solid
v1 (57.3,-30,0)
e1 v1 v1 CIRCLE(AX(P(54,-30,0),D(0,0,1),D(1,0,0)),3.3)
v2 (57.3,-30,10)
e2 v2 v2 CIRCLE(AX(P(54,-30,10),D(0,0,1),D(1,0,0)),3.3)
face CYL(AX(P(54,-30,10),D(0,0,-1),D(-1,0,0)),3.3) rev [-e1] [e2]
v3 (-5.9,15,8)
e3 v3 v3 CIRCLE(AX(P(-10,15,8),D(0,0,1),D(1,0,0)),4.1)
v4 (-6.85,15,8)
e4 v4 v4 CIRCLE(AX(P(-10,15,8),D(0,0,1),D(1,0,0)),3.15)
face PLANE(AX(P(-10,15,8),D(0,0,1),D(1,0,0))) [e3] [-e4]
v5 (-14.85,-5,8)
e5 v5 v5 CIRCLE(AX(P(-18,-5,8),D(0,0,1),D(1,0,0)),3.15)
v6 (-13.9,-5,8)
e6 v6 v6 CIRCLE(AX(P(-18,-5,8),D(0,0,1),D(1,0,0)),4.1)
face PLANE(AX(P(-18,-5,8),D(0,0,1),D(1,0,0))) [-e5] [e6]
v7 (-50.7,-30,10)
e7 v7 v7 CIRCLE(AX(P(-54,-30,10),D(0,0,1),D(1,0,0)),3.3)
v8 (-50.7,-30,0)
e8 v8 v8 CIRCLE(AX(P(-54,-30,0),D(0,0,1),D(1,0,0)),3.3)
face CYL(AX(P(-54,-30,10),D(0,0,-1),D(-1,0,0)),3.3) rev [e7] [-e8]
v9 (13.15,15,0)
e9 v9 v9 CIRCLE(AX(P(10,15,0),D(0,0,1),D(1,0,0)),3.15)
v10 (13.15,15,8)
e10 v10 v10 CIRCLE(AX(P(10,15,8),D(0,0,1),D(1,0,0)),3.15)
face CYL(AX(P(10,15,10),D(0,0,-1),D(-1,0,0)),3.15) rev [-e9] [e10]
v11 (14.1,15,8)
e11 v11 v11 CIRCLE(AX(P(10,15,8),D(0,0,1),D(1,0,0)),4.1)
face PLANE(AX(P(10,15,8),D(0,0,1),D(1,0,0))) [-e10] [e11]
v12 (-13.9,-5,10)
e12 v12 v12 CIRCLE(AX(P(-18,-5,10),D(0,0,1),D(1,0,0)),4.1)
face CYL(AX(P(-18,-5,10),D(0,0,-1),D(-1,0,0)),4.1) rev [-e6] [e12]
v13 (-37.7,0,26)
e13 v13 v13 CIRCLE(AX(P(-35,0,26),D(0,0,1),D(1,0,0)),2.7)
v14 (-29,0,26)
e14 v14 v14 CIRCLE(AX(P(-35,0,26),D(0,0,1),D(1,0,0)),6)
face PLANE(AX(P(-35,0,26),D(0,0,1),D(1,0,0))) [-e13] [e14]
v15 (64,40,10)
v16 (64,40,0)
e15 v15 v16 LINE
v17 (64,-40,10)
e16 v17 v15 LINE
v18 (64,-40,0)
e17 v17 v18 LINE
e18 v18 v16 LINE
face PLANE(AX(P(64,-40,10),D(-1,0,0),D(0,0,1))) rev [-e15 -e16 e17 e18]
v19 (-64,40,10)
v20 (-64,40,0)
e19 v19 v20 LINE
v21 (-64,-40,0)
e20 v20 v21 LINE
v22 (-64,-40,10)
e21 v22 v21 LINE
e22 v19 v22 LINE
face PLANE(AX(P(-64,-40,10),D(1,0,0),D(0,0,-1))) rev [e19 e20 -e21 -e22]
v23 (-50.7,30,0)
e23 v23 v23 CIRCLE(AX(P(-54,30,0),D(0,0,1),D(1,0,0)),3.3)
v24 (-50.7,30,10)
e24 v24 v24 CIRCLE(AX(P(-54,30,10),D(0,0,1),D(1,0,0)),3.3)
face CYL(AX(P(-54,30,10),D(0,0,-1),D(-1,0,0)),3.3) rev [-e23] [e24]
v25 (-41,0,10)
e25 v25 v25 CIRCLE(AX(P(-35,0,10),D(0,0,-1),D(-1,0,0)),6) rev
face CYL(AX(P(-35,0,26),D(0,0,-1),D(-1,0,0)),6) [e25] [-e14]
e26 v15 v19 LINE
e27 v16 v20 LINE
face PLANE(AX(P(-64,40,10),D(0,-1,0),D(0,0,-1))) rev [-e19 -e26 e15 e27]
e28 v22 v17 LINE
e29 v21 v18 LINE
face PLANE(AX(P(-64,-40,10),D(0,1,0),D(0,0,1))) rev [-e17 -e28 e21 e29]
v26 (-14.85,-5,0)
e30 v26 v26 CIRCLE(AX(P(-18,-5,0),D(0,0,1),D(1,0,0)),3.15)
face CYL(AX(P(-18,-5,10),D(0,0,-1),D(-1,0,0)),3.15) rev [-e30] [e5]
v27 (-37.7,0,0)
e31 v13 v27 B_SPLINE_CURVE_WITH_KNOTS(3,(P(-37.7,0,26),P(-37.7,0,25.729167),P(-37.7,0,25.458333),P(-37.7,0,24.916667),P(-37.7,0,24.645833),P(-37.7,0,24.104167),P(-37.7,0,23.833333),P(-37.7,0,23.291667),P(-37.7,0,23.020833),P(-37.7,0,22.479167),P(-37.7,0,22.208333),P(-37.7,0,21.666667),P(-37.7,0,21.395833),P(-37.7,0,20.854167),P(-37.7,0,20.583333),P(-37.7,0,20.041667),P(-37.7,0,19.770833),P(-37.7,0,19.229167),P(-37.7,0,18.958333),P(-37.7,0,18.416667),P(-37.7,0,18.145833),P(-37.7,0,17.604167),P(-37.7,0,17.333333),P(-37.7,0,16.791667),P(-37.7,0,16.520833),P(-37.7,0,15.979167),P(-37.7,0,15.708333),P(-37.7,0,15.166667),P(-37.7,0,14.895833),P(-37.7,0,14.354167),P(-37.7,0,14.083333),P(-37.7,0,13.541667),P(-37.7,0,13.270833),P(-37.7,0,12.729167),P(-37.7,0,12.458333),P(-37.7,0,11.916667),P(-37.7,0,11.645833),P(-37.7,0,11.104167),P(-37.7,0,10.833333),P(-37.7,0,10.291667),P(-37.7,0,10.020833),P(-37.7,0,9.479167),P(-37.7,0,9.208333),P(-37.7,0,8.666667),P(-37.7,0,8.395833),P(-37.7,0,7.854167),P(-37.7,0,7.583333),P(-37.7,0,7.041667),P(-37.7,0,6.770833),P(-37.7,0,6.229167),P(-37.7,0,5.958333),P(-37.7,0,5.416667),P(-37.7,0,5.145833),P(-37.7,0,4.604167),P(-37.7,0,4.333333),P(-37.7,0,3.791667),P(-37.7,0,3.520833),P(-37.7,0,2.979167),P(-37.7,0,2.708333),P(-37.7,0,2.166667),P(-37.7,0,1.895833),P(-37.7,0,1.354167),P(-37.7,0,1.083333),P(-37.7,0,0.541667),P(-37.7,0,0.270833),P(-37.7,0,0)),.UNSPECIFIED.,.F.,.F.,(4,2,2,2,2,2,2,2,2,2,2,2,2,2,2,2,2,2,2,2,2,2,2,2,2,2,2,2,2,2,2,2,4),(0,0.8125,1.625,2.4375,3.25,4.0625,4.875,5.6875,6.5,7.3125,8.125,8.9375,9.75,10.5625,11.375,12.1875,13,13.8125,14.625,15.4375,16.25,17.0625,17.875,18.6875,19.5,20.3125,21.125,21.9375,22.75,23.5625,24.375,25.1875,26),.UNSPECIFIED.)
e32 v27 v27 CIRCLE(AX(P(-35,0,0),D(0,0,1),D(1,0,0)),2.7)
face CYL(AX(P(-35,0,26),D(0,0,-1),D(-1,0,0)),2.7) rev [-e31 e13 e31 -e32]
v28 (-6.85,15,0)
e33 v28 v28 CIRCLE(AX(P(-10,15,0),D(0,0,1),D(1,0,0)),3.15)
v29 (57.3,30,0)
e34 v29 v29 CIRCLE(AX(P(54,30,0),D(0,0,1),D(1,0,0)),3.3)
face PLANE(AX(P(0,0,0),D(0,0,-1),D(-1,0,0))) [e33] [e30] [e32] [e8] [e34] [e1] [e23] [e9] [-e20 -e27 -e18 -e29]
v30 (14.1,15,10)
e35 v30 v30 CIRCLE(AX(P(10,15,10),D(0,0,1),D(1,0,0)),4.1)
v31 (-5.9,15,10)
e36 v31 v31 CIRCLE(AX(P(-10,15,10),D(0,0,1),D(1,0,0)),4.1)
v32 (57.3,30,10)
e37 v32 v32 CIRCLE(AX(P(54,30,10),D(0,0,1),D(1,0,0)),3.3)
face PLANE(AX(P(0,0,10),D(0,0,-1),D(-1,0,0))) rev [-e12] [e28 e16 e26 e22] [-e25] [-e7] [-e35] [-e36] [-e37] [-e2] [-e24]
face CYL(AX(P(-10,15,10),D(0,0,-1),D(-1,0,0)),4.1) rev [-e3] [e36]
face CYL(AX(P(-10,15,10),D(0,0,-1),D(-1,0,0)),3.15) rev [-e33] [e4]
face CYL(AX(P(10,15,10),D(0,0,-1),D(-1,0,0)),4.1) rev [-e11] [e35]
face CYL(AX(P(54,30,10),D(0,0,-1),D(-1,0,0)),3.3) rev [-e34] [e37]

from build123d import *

# Parameters (mm, degrees)
SKETCH2_W                          = 128
SKETCH2_H                          = 80
BASE_PLATE_DEPTH                   = 10
PIVOT_PEDESTAL_START               = 10
SKETCH3_R                          = 6
PIVOT_PEDESTAL_DEPTH               = 16
SKETCH4_R                          = 2.7
PIVOT_CLEARANCE_DEPTH              = 26
SKETCH5_R                          = 3.15
LOCATOR_CLEARANCE_DEPTH            = 10
SKETCH6_R                          = 3.15
CUT_EXTRUDE3_DEPTH                 = 10
SKETCH7_R                          = 3.15
SIDE_LOCATOR_CLEARANCE_DEPTH       = 10
LOCATOR_SHOULDER_COUNTERBORE_START = 8
SKETCH8_R                          = 4.1
LOCATOR_SHOULDER_COUNTERBORE_DEPTH = 2
CUT_EXTRUDE6_START                 = 8
SKETCH9_R                          = 4.1
CUT_EXTRUDE6_DEPTH                 = 2
SIDE_SHOULDER_COUNTERBORE_START    = 8
SKETCH10_R                         = 4.1
SIDE_SHOULDER_COUNTERBORE_DEPTH    = 2
SKETCH11_R                         = 3.3
BENCH_MOUNT_M6_CLEARANCE_DEPTH     = 10
SKETCH12_R                         = 3.3
CUT_EXTRUDE9_DEPTH                 = 10
SKETCH13_R                         = 3.3
CUT_EXTRUDE10_DEPTH                = 10
SKETCH14_R                         = 3.3
CUT_EXTRUDE11_DEPTH                = 10


with BuildPart() as part:
    # Sketch2 → Base_plate (new body)
    with BuildSketch(Plane.XY):
        Rectangle(SKETCH2_W, SKETCH2_H)
    extrude(amount=BASE_PLATE_DEPTH)

    # Sketch3 → Pivot_pedestal (add)
    with BuildSketch(Plane.XY.offset(PIVOT_PEDESTAL_START)):
        with Locations(Location((-35, 0, 0), (0, 0, 180))):
            Circle(SKETCH3_R)
    extrude(amount=PIVOT_PEDESTAL_DEPTH)

    # Sketch4 → Pivot_clearance (cut)
    with BuildSketch(Plane.XY):
        with Locations(Location((-35, 0, 0), (0, 0, 180))):
            Circle(SKETCH4_R)
    extrude(amount=PIVOT_CLEARANCE_DEPTH, mode=Mode.SUBTRACT)

    # Sketch5 → Locator_clearance (cut)
    with BuildSketch(Plane.XY):
        with Locations((-10, 15)):
            Circle(SKETCH5_R)
    extrude(amount=LOCATOR_CLEARANCE_DEPTH, mode=Mode.SUBTRACT)

    # Sketch6 → Cut-Extrude3 (cut)
    with BuildSketch(Plane.XY):
        with Locations((10, 15)):
            Circle(SKETCH6_R)
    extrude(amount=CUT_EXTRUDE3_DEPTH, mode=Mode.SUBTRACT)

    # Sketch7 → Side_locator_clearance (cut)
    with BuildSketch(Plane.XY):
        with Locations((-18, -5)):
            Circle(SKETCH7_R)
    extrude(amount=SIDE_LOCATOR_CLEARANCE_DEPTH, mode=Mode.SUBTRACT)

    # Sketch8 → Locator_shoulder_counterbore (cut)
    with BuildSketch(Plane.XY.offset(LOCATOR_SHOULDER_COUNTERBORE_START)):
        with Locations((-10, 15)):
            Circle(SKETCH8_R)
    extrude(amount=LOCATOR_SHOULDER_COUNTERBORE_DEPTH, mode=Mode.SUBTRACT)

    # Sketch9 → Cut-Extrude6 (cut)
    with BuildSketch(Plane.XY.offset(CUT_EXTRUDE6_START)):
        with Locations((10, 15)):
            Circle(SKETCH9_R)
    extrude(amount=CUT_EXTRUDE6_DEPTH, mode=Mode.SUBTRACT)

    # Sketch10 → Side_shoulder_counterbore (cut)
    with BuildSketch(Plane.XY.offset(SIDE_SHOULDER_COUNTERBORE_START)):
        with Locations((-18, -5)):
            Circle(SKETCH10_R)
    extrude(amount=SIDE_SHOULDER_COUNTERBORE_DEPTH, mode=Mode.SUBTRACT)

    # Sketch11 → Bench_mount_M6_clearance (cut)
    with BuildSketch(Plane.XY):
        with Locations((-54, -30)):
            Circle(SKETCH11_R)
    extrude(amount=BENCH_MOUNT_M6_CLEARANCE_DEPTH, mode=Mode.SUBTRACT)

    # Sketch12 → Cut-Extrude9 (cut)
    with BuildSketch(Plane.XY):
        with Locations((-54, 30)):
            Circle(SKETCH12_R)
    extrude(amount=CUT_EXTRUDE9_DEPTH, mode=Mode.SUBTRACT)

    # Sketch13 → Cut-Extrude10 (cut)
    with BuildSketch(Plane.XY):
        with Locations((54, -30)):
            Circle(SKETCH13_R)
    extrude(amount=CUT_EXTRUDE10_DEPTH, mode=Mode.SUBTRACT)

    # Sketch14 → Cut-Extrude11 (cut)
    with BuildSketch(Plane.XY):
        with Locations((54, 30)):
            Circle(SKETCH14_R)
    extrude(amount=CUT_EXTRUDE11_DEPTH, mode=Mode.SUBTRACT)


solid = part.part
